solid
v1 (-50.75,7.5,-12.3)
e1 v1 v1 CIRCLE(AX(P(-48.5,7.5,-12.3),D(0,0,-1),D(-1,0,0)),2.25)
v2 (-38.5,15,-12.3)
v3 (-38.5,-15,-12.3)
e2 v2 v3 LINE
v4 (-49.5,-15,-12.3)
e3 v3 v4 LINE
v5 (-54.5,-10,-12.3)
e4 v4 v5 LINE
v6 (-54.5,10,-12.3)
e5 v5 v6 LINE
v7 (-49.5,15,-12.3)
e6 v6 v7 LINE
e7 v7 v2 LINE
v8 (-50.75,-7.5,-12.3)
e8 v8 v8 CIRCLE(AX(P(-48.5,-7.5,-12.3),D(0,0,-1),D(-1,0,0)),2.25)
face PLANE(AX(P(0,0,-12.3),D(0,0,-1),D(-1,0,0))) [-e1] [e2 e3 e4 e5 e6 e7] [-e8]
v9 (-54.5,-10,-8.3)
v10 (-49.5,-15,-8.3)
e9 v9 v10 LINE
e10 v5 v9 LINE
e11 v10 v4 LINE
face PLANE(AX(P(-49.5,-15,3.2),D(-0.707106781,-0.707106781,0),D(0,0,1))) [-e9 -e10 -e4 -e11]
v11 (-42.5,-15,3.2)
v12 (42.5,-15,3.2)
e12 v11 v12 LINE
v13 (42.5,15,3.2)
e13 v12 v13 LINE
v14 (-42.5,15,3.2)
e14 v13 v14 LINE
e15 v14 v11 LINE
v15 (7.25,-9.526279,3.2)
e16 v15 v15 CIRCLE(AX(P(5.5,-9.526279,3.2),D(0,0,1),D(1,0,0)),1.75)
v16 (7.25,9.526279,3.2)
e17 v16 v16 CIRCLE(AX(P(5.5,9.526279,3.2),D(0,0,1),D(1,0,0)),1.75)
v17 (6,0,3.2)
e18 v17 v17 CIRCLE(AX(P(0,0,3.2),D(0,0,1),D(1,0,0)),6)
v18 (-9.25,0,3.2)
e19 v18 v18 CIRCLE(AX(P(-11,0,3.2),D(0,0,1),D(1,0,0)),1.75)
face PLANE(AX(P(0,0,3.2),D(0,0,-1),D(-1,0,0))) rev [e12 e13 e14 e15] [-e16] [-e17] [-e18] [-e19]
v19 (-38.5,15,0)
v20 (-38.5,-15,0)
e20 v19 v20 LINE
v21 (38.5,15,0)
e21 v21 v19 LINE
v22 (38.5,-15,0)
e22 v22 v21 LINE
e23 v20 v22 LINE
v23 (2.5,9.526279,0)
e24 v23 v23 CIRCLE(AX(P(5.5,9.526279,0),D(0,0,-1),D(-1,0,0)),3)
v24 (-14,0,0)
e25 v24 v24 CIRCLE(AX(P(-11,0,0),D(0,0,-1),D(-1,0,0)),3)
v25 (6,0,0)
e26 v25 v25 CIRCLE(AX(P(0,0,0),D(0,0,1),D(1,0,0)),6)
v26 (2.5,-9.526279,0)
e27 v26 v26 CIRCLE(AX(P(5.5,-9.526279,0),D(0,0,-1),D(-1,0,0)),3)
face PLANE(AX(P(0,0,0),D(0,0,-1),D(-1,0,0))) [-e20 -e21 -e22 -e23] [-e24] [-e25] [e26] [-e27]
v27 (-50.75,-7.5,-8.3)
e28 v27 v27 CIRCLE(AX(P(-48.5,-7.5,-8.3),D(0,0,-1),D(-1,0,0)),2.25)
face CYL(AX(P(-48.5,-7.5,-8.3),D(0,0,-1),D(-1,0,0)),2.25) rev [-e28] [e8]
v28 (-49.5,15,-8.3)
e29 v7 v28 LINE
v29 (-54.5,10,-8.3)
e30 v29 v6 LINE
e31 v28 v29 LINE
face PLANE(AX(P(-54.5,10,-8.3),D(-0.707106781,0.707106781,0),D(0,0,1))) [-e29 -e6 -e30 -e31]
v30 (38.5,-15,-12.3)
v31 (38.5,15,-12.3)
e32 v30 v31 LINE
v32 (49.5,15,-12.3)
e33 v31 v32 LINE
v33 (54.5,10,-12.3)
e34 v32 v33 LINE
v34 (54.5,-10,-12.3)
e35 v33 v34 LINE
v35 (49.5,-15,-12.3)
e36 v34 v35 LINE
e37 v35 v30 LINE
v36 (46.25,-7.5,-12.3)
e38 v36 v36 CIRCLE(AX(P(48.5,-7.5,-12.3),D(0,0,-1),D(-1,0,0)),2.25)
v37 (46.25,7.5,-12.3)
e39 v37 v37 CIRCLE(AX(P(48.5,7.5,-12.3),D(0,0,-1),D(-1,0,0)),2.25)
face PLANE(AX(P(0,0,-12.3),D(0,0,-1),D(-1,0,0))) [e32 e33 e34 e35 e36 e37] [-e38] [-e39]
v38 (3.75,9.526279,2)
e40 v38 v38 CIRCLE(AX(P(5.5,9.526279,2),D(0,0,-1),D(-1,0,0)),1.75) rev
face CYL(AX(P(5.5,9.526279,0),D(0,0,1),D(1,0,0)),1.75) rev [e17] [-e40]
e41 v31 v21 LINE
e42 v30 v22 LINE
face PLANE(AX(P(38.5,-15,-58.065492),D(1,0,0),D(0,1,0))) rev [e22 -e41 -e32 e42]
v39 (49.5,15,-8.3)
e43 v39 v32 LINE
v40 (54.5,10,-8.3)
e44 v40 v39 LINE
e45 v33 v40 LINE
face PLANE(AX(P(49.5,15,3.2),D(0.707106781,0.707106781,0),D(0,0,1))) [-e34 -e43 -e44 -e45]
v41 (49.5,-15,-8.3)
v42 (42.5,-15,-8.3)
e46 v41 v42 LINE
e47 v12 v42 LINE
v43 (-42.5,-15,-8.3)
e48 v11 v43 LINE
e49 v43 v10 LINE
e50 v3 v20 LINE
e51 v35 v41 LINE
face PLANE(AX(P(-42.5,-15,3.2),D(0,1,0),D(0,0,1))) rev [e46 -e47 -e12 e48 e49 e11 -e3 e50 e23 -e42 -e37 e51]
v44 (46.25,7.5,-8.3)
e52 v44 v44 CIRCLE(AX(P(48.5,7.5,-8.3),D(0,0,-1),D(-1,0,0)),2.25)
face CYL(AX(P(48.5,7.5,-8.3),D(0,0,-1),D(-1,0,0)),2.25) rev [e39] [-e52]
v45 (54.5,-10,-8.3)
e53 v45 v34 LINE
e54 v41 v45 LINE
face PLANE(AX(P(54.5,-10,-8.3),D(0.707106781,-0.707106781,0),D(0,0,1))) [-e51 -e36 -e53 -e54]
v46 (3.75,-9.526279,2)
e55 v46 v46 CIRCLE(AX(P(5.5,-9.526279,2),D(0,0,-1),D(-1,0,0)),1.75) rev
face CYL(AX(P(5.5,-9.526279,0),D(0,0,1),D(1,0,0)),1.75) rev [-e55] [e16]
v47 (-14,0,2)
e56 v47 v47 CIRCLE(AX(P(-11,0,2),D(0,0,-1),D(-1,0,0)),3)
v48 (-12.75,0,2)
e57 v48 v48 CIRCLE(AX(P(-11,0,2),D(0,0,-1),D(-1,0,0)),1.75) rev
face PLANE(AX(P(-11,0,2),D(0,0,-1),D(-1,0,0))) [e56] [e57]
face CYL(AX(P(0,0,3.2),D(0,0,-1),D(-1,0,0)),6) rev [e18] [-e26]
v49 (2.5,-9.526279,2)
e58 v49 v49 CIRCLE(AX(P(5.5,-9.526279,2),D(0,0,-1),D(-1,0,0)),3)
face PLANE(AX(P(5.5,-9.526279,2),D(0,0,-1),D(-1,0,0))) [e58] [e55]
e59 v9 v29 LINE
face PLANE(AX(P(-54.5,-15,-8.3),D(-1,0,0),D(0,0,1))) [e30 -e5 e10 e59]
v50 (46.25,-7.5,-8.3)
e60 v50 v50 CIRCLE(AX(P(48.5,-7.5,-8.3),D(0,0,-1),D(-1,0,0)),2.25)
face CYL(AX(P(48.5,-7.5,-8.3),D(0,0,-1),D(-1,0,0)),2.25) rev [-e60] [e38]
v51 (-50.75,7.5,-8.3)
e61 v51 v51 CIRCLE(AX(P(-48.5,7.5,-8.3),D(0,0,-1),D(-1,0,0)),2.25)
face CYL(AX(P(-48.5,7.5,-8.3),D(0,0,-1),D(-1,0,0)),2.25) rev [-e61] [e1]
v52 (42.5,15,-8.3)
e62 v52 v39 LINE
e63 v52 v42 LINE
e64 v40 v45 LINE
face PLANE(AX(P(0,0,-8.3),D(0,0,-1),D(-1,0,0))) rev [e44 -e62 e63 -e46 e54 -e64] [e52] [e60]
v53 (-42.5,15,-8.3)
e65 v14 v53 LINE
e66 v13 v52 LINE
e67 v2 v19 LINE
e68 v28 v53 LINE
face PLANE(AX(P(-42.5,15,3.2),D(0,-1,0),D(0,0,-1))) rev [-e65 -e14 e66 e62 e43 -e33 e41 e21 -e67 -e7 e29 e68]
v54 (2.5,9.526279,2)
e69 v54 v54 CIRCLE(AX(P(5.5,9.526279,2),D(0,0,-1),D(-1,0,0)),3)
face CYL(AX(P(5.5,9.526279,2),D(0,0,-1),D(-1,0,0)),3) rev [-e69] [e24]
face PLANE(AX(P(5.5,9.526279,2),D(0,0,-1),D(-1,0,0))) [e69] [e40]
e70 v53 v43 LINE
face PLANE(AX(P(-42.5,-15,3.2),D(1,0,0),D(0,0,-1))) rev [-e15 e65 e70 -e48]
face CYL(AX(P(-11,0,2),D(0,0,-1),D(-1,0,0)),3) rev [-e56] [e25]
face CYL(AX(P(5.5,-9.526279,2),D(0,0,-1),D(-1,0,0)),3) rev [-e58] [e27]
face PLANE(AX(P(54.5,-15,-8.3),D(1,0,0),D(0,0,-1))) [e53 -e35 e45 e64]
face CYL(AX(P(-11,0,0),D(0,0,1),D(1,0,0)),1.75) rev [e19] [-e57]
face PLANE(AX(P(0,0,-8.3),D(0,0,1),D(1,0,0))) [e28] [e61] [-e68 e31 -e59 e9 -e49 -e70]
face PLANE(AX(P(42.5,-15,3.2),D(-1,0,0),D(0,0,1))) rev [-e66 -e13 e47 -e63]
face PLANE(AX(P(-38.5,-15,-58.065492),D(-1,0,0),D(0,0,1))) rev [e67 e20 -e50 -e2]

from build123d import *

# Parameters (mm, degrees)
SKETCH1_W           = 85
SKETCH1_H           = 30
SKETCH1_R           = 6
BOSS_EXTRUDE1_DEPTH = 3.2
SKETCH5_R           = 1.75
CUT_EXTRUDE1_DEPTH  = 4.2
SKETCH7_R           = 3
CUT_EXTRUDE2_DEPTH  = 2
SKETCH2_W           = 4
SKETCH2_H           = 30
BOSS_EXTRUDE2_DEPTH = 12.3
SKETCH3_W           = 16
SKETCH3_H           = 30
SKETCH3_R           = 2.25
BOSS_EXTRUDE3_DEPTH = 4
CHAMFER1_SIZE       = 5


with BuildPart() as part:
    # Sketch1 → Boss-Extrude1 (new body)
    with BuildSketch(Plane.XY):
        Rectangle(SKETCH1_W, SKETCH1_H)
        Circle(SKETCH1_R, mode=Mode.SUBTRACT)
    extrude(amount=BOSS_EXTRUDE1_DEPTH)

    # Sketch5 → Cut-Extrude1 (cut, through all)
    with BuildSketch(Plane.XY.offset(3.2)):
        with Locations((5.5, 9.526279442)):
            Circle(SKETCH5_R)
        with Locations((-11, 0)):
            Circle(SKETCH5_R)
        with Locations((5.5, -9.526279442)):
            Circle(SKETCH5_R)
    extrude(amount=-CUT_EXTRUDE1_DEPTH, mode=Mode.SUBTRACT)

    # Sketch7 → Cut-Extrude2 (cut)
    with BuildSketch(Plane(origin=(0, 0, 0), x_dir=(-1, 0, 0), z_dir=(0, 0, -1))):
        with Locations((-5.5, 9.526279442)):
            Circle(SKETCH7_R)
        with Locations((11, 0)):
            Circle(SKETCH7_R)
        with Locations((-5.5, -9.526279442)):
            Circle(SKETCH7_R)
    extrude(amount=-CUT_EXTRUDE2_DEPTH, mode=Mode.SUBTRACT)

    # Sketch2 → Boss-Extrude2 (add)
    with BuildSketch(Plane(origin=(0, 0, 0), x_dir=(-1, 0, 0), z_dir=(0, 0, -1))):
        with Locations((40.5, 0)):
            Rectangle(SKETCH2_W, SKETCH2_H)
        with Locations((-40.5, 0)):
            Rectangle(SKETCH2_W, SKETCH2_H)
    extrude(amount=BOSS_EXTRUDE2_DEPTH)

    # Sketch3 → Boss-Extrude3 (add)
    with BuildSketch(Plane(origin=(0, 0, -12.3), x_dir=(-1, 0, 0), z_dir=(0, 0, -1))):
        with Locations((46.5, 0)):
            Rectangle(SKETCH3_W, SKETCH3_H)
        with Locations((48.5, -7.5)):
            Circle(SKETCH3_R, mode=Mode.SUBTRACT)
        with Locations((48.5, 7.5)):
            Circle(SKETCH3_R, mode=Mode.SUBTRACT)
        with Locations((-46.5, 0)):
            Rectangle(SKETCH3_W, SKETCH3_H)
        with Locations((-48.5, 7.5)):
            Circle(SKETCH3_R, mode=Mode.SUBTRACT)
        with Locations((-48.5, -7.5)):
            Circle(SKETCH3_R, mode=Mode.SUBTRACT)
    extrude(amount=-BOSS_EXTRUDE3_DEPTH)

    # Chamfer1
    chamfer1_edges = [part.edges().sort_by_distance(p)[0] for p in [
        (54.5, 15, -10.3),
        (54.5, -15, -10.3),
        (-54.5, -15, -10.3),
        (-54.5, 15, -10.3),
    ]]
    chamfer(chamfer1_edges, length=CHAMFER1_SIZE)


solid = part.part
